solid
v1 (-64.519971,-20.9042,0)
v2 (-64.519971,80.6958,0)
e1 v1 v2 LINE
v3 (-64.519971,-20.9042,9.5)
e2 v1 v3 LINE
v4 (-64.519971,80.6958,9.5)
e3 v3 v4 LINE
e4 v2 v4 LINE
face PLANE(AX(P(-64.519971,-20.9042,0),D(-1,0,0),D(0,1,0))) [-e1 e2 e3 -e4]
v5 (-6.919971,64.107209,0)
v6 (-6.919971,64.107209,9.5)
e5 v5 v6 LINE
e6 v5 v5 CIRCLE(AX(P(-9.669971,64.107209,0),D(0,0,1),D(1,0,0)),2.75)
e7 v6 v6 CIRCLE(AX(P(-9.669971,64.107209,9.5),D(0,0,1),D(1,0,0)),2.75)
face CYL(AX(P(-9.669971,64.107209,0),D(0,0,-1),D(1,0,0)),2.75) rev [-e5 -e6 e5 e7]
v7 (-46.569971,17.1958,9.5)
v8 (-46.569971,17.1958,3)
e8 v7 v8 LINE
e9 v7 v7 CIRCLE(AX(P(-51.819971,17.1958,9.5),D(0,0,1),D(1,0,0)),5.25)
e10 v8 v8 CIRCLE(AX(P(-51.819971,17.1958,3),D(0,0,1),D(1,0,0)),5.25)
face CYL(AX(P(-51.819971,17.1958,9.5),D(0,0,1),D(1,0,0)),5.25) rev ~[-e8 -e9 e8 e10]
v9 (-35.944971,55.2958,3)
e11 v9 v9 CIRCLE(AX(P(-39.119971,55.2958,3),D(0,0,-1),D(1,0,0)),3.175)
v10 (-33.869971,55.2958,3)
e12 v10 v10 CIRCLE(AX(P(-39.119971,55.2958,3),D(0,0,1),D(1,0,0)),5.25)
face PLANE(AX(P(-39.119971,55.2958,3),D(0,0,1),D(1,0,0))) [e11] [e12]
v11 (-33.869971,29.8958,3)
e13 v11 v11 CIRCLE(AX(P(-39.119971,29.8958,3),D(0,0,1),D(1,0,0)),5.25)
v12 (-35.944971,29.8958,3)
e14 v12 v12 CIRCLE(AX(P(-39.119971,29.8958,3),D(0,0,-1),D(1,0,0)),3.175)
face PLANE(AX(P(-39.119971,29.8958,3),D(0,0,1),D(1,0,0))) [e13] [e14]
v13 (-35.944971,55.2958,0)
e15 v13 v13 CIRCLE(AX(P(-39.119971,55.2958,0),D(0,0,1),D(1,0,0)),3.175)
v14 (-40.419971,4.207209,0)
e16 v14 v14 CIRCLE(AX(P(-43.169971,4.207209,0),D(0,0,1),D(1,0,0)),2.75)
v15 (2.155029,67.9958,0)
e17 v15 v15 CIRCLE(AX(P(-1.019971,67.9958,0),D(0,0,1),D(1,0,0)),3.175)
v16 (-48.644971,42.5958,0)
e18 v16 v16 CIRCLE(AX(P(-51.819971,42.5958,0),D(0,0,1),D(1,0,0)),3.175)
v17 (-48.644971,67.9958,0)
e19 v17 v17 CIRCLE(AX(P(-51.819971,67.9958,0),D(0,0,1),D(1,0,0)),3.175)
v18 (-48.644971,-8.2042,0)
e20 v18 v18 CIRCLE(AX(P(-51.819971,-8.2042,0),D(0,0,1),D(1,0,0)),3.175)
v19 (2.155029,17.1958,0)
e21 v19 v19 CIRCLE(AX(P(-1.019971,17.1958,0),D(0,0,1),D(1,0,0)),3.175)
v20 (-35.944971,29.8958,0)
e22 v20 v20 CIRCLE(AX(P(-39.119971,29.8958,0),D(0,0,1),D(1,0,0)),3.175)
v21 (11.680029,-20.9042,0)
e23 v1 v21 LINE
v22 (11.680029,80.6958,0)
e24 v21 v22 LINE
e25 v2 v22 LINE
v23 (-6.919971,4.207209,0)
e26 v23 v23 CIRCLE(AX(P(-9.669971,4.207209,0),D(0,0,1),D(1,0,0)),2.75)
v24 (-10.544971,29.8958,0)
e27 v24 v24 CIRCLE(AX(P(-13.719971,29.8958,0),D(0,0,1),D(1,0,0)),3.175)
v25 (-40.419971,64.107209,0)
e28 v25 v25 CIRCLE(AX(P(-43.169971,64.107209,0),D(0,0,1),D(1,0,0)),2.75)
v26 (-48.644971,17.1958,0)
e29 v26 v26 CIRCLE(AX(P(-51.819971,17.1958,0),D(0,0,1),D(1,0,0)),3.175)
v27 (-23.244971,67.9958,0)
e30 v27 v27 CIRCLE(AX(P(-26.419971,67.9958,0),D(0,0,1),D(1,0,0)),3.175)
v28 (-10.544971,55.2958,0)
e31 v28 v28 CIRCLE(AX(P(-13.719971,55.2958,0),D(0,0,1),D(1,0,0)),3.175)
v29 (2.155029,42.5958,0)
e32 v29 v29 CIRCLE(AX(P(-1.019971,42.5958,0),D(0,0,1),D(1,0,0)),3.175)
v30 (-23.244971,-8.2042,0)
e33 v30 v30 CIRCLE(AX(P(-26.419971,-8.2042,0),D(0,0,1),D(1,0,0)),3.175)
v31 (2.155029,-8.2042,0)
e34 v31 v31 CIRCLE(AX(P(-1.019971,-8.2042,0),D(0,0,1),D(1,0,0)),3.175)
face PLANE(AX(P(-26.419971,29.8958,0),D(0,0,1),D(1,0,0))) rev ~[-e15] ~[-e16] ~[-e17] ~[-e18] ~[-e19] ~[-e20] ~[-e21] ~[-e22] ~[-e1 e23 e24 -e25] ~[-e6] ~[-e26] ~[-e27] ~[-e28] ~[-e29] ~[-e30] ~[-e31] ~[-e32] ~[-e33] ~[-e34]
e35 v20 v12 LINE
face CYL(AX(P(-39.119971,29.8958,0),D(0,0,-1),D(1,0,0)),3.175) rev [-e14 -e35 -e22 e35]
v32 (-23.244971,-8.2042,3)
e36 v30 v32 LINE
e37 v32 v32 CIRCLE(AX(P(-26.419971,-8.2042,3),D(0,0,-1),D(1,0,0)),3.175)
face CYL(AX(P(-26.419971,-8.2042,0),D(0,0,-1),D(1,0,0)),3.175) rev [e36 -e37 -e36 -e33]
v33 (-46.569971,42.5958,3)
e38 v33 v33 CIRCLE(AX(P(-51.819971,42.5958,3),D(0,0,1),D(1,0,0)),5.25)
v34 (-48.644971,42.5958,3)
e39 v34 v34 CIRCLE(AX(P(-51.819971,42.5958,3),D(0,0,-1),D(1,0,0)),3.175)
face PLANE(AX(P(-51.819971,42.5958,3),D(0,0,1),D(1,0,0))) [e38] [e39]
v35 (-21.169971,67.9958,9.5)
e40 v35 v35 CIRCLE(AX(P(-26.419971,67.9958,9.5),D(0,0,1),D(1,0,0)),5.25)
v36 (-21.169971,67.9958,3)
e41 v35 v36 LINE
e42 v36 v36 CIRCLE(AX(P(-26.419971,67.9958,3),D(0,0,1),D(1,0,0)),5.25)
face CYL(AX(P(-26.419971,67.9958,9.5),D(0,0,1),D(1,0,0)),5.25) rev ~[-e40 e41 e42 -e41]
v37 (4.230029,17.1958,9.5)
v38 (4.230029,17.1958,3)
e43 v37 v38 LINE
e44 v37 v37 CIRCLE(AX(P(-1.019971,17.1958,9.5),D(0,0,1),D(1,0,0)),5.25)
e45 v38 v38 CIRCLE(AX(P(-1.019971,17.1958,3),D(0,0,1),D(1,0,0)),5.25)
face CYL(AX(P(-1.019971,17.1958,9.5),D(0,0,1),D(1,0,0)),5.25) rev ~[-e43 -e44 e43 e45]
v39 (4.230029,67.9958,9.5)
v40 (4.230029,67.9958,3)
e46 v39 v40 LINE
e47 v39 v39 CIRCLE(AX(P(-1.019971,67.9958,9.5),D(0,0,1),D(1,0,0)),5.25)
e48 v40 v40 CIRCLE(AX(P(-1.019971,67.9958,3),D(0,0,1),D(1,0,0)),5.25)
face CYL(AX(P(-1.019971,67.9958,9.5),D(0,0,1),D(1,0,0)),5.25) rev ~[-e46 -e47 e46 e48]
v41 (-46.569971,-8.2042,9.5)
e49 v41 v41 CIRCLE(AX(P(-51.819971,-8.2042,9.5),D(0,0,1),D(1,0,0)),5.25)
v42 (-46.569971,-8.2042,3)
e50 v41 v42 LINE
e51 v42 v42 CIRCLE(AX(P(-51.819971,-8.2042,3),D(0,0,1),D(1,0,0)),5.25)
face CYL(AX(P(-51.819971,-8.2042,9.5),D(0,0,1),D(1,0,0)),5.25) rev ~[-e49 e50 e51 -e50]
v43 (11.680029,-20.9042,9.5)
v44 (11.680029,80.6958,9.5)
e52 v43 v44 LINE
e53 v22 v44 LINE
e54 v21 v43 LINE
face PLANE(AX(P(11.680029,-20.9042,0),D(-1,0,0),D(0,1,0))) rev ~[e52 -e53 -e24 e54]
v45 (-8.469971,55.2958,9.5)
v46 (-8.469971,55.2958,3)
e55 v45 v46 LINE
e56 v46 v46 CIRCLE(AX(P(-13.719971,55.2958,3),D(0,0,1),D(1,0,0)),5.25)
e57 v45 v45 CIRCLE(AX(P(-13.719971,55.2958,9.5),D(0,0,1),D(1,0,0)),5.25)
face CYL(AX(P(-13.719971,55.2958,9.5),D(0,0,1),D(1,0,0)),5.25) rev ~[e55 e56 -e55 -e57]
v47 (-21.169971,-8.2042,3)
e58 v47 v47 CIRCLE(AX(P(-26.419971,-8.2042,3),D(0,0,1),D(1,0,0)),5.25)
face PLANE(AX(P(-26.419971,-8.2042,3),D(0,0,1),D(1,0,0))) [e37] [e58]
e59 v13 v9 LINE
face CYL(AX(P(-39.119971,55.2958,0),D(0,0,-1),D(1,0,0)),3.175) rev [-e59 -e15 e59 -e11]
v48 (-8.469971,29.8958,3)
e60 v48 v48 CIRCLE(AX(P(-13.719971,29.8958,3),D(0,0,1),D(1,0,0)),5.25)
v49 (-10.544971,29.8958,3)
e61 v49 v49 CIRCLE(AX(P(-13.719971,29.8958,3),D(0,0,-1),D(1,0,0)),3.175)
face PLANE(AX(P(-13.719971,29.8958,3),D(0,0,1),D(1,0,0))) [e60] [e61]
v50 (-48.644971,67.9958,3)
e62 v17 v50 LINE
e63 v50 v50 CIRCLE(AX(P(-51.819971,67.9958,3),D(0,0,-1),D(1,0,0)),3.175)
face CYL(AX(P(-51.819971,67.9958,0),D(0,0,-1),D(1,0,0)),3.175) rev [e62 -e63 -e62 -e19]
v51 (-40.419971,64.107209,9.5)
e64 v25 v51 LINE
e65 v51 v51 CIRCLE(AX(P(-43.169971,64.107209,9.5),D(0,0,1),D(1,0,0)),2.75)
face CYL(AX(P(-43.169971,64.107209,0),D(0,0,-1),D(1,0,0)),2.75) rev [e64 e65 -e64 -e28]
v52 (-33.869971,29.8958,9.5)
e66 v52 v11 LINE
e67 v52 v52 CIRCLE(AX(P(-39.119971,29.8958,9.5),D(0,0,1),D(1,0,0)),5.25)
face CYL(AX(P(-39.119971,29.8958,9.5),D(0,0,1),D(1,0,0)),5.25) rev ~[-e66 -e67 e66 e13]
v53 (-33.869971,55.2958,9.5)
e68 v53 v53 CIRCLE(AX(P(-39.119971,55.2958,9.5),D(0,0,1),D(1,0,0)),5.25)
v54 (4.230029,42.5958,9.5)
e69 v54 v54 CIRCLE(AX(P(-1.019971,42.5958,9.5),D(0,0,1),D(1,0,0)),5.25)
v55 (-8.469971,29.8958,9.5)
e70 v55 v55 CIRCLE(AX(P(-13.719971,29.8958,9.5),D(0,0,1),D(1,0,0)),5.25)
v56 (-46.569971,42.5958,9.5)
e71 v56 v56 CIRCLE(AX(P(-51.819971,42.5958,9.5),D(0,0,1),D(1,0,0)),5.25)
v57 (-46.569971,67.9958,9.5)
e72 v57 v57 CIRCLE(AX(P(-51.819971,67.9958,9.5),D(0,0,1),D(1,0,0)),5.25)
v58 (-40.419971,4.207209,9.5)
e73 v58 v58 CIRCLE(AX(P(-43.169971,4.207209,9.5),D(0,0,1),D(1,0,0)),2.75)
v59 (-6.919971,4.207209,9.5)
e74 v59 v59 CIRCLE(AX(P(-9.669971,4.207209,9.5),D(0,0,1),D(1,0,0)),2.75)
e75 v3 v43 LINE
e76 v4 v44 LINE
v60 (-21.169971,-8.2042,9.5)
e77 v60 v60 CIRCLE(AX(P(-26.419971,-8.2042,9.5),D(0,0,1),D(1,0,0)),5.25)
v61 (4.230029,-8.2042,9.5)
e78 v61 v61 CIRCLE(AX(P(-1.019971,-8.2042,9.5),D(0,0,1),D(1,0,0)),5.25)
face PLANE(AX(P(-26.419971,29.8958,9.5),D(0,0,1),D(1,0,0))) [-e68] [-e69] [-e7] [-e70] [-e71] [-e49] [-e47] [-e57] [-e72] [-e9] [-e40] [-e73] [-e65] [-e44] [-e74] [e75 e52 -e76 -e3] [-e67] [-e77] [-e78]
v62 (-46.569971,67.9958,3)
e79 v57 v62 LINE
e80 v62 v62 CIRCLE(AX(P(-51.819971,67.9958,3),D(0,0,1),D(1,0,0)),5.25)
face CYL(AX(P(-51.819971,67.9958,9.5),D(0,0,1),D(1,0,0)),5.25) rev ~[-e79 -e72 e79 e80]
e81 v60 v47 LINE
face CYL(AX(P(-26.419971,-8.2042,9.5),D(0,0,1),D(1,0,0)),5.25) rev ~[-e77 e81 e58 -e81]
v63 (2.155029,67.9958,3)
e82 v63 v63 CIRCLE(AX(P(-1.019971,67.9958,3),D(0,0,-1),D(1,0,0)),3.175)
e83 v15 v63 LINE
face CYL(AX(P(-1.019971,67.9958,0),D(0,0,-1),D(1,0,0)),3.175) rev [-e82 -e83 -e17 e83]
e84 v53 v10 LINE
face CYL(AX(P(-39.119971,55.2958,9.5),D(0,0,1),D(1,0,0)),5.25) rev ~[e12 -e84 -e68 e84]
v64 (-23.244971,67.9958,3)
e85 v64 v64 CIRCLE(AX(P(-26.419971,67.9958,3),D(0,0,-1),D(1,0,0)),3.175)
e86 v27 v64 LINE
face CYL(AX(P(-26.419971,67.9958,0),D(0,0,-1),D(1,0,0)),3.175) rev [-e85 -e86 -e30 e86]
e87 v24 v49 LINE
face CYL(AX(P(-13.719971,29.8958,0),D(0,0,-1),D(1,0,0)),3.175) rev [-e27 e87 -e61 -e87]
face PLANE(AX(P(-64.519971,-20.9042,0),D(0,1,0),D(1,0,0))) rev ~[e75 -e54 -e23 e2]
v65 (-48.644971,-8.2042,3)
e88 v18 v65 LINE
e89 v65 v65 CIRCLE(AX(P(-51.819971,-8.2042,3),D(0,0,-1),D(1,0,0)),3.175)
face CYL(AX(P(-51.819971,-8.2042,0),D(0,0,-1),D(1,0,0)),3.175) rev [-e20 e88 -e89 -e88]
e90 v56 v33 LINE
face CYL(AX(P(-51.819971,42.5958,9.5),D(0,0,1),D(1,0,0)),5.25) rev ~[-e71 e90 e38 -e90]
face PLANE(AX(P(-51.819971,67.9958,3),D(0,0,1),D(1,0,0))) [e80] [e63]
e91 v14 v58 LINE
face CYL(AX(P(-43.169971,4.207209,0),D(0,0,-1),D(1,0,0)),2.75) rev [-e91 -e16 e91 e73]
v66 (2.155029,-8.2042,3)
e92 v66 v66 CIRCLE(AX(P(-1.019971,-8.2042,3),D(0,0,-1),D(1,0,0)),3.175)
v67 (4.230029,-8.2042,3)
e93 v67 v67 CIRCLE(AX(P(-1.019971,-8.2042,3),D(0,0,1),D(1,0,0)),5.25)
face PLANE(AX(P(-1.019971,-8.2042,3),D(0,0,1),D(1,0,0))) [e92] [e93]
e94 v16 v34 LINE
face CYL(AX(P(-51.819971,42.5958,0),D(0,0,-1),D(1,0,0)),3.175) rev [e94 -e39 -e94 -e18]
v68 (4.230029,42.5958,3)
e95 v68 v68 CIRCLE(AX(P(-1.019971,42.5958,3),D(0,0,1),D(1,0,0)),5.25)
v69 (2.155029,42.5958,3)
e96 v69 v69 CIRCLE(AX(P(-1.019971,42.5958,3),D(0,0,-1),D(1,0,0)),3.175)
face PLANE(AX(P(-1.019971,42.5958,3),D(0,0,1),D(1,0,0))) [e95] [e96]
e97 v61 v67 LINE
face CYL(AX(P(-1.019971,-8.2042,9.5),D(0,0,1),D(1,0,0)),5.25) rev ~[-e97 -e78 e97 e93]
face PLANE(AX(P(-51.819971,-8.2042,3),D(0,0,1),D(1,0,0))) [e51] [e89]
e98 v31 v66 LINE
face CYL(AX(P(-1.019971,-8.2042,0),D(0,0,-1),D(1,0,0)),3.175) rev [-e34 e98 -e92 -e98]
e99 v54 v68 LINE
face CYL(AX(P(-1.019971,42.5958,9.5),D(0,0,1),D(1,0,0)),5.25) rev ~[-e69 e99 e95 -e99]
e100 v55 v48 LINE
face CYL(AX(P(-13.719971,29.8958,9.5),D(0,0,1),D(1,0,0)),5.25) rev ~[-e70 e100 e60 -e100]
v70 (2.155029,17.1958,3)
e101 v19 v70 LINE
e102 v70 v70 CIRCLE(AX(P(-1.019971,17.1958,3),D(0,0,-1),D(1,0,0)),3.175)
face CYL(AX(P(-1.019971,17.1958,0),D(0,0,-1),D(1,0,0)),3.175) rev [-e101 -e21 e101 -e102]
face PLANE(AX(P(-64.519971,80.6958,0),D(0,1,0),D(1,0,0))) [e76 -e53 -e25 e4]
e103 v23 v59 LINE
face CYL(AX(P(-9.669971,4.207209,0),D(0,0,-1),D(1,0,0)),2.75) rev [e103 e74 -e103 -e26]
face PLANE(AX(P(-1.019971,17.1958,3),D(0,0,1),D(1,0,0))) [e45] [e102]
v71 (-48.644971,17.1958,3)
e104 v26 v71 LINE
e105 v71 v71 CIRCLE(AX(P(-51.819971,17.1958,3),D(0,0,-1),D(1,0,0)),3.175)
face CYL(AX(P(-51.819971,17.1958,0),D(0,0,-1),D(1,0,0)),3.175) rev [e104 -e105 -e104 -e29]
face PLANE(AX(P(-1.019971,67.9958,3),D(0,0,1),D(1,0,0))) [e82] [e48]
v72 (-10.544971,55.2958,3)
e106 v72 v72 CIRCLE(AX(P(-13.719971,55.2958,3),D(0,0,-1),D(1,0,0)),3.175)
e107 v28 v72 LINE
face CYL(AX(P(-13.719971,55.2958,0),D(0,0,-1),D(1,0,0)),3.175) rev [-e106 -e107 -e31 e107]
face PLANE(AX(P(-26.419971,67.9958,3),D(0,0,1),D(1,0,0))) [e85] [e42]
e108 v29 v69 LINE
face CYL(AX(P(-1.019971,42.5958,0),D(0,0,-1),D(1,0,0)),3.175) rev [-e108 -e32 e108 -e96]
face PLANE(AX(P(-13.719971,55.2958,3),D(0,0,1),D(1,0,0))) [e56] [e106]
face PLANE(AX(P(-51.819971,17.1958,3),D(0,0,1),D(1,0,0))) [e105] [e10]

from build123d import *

# Parameters (mm, degrees)
SKETCH1_W           = 76.2
SKETCH1_H           = 101.6
SKETCH1_R           = 3.175
SKETCH1_R_2         = 2.75
BOSS_EXTRUDE1_DEPTH = 9.5
SKETCH_1_R          = 5.25
CUT_EXTRUDE_1_DEPTH = 6.5


with BuildPart() as part:
    # Sketch1 → Boss-Extrude1 (new body)
    with BuildSketch(Plane.XY):
        with Locations((-26.419970967, 29.8958)):
            Rectangle(SKETCH1_W, SKETCH1_H)
        with Locations((-1.019970967, 17.1958)):
            Circle(SKETCH1_R, mode=Mode.SUBTRACT)
        with Locations((-13.719970967, 29.8958)):
            Circle(SKETCH1_R, mode=Mode.SUBTRACT)
        with Locations((-1.019970967, 42.5958)):
            Circle(SKETCH1_R, mode=Mode.SUBTRACT)
        with Locations((-13.719970967, 55.2958)):
            Circle(SKETCH1_R, mode=Mode.SUBTRACT)
        with Locations((-1.019970967, 67.9958)):
            Circle(SKETCH1_R, mode=Mode.SUBTRACT)
        with Locations((-26.419970967, 67.9958)):
            Circle(SKETCH1_R, mode=Mode.SUBTRACT)
        with Locations((-39.119970967, 55.2958)):
            Circle(SKETCH1_R, mode=Mode.SUBTRACT)
        with Locations((-51.819970967, 67.9958)):
            Circle(SKETCH1_R, mode=Mode.SUBTRACT)
        with Locations((-51.819970967, 42.5958)):
            Circle(SKETCH1_R, mode=Mode.SUBTRACT)
        with Locations((-51.819970967, 17.1958)):
            Circle(SKETCH1_R, mode=Mode.SUBTRACT)
        with Locations((-39.119970967, 29.8958)):
            Circle(SKETCH1_R, mode=Mode.SUBTRACT)
        with Locations((-1.019970967, -8.2042)):
            Circle(SKETCH1_R, mode=Mode.SUBTRACT)
        with Locations((-26.419970967, -8.2042)):
            Circle(SKETCH1_R, mode=Mode.SUBTRACT)
        with Locations((-51.819970967, -8.2042)):
            Circle(SKETCH1_R, mode=Mode.SUBTRACT)
        with Locations((-43.169970967, 4.207209087)):
            Circle(SKETCH1_R_2, mode=Mode.SUBTRACT)
        with Locations((-9.669970967, 4.207209087)):
            Circle(SKETCH1_R_2, mode=Mode.SUBTRACT)
        with Locations((-9.669970967, 64.107209087)):
            Circle(SKETCH1_R_2, mode=Mode.SUBTRACT)
        with Locations((-43.169970967, 64.107209087)):
            Circle(SKETCH1_R_2, mode=Mode.SUBTRACT)
    extrude(amount=BOSS_EXTRUDE1_DEPTH)

    # 草图1 → 切除-拉伸1 (cut)
    with BuildSketch(Plane.XY.offset(9.5)):
        with Locations((-51.819970967, -8.2042)):
            Circle(SKETCH_1_R)
        with Locations((-26.419970967, -8.2042)):
            Circle(SKETCH_1_R)
        with Locations((-1.019970967, -8.2042)):
            Circle(SKETCH_1_R)
        with Locations((-1.019970967, 17.1958)):
            Circle(SKETCH_1_R)
        with Locations((-51.819970967, 17.1958)):
            Circle(SKETCH_1_R)
        with Locations((-39.119970967, 29.8958)):
            Circle(SKETCH_1_R)
        with Locations((-13.719970967, 29.8958)):
            Circle(SKETCH_1_R)
        with Locations((-1.019970967, 42.5958)):
            Circle(SKETCH_1_R)
        with Locations((-51.819970967, 42.5958)):
            Circle(SKETCH_1_R)
        with Locations((-39.119970967, 55.2958)):
            Circle(SKETCH_1_R)
        with Locations((-13.719970967, 55.2958)):
            Circle(SKETCH_1_R)
        with Locations((-1.019970967, 67.9958)):
            Circle(SKETCH_1_R)
        with Locations((-26.419970967, 67.9958)):
            Circle(SKETCH_1_R)
        with Locations((-51.819970967, 67.9958)):
            Circle(SKETCH_1_R)
    extrude(amount=-CUT_EXTRUDE_1_DEPTH, mode=Mode.SUBTRACT)


solid = part.part
